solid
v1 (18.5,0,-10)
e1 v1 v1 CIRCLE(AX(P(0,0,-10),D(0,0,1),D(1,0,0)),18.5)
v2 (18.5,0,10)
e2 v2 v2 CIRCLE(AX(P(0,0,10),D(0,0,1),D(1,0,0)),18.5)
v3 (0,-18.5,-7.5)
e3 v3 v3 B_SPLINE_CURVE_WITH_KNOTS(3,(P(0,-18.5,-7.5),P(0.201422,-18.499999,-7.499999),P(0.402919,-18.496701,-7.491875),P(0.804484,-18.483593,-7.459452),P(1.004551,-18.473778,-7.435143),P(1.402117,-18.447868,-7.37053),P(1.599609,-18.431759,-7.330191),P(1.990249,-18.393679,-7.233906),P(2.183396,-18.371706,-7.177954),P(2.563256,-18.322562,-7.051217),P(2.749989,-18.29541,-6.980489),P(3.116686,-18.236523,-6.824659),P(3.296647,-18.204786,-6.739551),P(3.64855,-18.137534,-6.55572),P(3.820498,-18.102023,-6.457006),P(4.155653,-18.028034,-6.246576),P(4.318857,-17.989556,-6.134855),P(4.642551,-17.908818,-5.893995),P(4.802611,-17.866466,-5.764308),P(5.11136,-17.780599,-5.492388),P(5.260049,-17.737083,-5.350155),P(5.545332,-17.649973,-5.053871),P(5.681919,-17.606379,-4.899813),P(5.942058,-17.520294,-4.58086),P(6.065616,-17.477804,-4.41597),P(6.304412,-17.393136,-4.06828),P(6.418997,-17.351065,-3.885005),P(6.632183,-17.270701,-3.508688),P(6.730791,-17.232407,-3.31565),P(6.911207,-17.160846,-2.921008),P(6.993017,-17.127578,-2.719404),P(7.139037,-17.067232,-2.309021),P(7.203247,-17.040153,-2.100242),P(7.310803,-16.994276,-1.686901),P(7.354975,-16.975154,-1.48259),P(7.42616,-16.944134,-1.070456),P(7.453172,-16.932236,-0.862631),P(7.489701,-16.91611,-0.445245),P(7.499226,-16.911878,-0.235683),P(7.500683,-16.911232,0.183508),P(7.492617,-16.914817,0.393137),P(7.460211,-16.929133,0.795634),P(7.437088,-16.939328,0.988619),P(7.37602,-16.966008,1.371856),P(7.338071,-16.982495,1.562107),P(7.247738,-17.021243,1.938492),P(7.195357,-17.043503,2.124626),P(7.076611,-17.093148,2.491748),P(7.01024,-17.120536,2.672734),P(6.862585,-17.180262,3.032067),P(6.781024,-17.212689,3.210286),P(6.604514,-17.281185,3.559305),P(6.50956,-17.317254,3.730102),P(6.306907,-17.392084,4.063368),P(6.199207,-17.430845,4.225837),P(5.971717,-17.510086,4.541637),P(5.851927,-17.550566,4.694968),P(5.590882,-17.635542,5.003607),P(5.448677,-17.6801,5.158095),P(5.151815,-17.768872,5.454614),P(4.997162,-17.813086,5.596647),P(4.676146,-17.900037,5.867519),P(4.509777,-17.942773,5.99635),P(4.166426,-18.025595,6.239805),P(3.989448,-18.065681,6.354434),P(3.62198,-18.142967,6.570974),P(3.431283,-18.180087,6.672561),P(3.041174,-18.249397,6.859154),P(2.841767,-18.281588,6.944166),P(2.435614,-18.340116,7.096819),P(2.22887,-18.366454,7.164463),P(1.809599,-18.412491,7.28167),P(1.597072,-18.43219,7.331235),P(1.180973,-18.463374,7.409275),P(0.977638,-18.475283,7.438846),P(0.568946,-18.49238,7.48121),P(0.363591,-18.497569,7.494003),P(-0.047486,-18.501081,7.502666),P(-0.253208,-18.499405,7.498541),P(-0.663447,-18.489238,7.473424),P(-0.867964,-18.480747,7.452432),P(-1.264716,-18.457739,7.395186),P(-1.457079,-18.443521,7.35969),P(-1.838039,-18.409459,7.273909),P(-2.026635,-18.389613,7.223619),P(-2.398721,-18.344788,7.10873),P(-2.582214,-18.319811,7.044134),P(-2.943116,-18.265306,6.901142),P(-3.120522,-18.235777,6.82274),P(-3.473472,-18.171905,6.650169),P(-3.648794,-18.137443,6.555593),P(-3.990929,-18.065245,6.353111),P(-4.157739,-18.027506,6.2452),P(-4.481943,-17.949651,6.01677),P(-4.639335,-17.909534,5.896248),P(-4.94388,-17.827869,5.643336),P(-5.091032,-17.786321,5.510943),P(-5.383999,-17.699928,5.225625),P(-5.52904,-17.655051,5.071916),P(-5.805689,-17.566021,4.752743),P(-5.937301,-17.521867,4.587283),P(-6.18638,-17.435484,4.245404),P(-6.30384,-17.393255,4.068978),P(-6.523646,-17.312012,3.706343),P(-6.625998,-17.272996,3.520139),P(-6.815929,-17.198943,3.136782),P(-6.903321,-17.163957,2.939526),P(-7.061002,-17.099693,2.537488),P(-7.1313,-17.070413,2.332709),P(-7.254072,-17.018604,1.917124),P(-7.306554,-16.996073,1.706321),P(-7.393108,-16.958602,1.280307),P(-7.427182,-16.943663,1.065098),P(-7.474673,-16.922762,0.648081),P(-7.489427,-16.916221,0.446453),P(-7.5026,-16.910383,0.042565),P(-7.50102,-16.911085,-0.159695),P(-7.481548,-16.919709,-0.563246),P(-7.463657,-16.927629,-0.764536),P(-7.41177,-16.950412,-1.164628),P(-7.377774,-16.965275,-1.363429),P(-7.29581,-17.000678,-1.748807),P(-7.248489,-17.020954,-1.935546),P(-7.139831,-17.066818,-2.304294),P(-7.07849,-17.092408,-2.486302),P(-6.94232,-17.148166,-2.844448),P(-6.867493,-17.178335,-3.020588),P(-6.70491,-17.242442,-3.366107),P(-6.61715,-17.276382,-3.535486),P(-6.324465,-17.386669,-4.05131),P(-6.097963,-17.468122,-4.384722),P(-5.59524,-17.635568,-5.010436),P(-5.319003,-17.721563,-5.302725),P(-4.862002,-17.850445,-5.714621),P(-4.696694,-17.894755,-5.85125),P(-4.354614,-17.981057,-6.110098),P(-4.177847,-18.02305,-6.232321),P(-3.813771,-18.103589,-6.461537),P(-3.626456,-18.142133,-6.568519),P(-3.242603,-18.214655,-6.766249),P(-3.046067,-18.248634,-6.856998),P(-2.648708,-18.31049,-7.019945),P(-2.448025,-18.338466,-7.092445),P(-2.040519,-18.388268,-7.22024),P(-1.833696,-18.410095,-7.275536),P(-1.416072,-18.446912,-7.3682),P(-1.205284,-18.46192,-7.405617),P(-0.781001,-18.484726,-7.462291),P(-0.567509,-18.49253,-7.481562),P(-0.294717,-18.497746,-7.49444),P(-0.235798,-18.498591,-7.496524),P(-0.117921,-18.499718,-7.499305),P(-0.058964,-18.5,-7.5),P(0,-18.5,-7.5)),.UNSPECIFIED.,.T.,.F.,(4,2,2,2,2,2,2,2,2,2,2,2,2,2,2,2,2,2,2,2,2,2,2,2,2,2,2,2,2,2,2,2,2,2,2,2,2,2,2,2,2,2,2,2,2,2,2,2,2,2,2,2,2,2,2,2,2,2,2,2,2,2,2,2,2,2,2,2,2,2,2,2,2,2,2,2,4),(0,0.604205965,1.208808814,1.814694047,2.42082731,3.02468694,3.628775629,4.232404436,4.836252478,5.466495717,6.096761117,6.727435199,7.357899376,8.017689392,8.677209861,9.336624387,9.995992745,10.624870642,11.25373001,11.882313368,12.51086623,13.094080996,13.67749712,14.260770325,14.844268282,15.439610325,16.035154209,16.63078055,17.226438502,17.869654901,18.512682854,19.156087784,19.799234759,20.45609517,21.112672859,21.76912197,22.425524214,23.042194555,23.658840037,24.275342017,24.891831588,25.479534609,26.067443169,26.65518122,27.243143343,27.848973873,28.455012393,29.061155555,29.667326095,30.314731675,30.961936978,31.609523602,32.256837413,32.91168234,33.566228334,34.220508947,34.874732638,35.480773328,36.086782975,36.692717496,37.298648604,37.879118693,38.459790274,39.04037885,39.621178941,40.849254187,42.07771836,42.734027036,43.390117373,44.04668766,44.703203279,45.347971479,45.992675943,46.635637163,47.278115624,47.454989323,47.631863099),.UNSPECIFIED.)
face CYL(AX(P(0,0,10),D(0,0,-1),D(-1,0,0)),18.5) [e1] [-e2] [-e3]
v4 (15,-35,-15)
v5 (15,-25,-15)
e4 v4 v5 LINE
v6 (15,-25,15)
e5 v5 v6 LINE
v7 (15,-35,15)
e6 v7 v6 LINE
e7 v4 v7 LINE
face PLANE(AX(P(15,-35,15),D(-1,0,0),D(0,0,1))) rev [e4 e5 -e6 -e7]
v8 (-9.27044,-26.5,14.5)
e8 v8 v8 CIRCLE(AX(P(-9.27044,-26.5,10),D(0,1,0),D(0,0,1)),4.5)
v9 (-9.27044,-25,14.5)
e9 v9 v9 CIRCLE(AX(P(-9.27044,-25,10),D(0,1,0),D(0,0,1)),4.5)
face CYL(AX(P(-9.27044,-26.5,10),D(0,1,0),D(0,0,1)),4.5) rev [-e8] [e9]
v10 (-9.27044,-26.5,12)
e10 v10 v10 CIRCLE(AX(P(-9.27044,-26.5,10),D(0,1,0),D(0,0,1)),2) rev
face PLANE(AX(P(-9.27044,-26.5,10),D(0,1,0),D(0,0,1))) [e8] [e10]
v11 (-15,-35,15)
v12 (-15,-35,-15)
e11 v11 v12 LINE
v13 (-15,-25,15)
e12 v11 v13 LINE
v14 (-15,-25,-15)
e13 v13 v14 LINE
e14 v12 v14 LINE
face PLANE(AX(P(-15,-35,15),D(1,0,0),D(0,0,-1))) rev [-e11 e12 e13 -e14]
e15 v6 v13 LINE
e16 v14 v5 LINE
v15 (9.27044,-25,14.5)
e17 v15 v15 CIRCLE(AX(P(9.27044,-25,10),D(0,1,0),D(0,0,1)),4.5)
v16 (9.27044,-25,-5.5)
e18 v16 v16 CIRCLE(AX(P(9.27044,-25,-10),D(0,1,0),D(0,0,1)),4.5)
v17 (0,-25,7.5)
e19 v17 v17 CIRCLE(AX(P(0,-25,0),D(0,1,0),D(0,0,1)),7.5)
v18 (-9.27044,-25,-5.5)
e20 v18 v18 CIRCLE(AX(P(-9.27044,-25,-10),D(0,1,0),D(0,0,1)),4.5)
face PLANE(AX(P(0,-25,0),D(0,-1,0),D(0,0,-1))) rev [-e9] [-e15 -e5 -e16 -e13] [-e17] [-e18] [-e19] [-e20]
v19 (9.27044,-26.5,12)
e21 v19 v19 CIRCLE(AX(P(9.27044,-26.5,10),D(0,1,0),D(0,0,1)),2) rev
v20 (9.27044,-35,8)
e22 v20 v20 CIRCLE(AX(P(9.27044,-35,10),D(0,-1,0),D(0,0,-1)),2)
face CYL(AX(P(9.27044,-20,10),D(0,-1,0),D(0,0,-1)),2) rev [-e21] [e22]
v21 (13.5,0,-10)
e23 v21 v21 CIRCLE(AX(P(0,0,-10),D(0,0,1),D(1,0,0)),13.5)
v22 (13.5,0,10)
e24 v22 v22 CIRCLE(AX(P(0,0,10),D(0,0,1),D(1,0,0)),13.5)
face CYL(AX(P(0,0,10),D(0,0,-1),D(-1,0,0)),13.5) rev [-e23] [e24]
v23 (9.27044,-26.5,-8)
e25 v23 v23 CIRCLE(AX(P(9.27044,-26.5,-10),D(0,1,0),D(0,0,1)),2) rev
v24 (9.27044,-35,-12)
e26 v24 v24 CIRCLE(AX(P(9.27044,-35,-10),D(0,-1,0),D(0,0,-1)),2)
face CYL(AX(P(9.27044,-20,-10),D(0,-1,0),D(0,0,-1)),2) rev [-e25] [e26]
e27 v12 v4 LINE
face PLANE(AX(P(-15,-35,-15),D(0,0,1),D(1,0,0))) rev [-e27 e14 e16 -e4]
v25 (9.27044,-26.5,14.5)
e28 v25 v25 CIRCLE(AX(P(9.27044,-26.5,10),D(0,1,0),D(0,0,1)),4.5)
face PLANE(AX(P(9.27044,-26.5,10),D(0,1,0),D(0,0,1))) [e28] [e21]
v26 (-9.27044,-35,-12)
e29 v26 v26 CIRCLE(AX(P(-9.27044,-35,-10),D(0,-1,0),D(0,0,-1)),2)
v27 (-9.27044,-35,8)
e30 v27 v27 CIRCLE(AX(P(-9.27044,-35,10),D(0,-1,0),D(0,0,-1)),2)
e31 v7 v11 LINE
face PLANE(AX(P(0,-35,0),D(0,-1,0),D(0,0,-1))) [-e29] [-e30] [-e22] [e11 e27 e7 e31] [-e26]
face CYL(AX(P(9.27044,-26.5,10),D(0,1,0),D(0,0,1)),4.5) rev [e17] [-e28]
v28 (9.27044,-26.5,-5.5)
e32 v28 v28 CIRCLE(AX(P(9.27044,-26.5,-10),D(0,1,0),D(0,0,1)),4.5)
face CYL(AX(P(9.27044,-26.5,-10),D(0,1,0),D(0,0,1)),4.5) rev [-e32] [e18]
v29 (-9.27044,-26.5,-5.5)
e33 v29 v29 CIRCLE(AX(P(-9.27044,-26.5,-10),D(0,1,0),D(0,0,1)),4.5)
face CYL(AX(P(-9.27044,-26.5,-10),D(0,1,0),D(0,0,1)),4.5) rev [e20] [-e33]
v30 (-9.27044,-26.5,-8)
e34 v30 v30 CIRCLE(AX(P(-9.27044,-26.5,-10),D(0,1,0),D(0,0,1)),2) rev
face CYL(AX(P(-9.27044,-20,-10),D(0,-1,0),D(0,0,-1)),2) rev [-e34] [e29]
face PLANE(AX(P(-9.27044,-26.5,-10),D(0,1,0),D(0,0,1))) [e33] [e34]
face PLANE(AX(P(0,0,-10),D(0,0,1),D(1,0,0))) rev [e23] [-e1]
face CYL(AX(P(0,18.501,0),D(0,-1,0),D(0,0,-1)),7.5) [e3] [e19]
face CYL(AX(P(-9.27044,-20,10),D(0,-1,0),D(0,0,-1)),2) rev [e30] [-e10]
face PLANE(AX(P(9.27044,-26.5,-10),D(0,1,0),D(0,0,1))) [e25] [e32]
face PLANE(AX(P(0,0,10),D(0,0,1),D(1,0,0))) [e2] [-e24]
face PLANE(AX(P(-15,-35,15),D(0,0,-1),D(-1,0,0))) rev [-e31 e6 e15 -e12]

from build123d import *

# Parameters (mm, degrees)
SKETCH_1_R           = 18.5
SKETCH_1_R_2         = 13.5
EXTRUDE_1_DEPTH      = 10
EXTRUDE_2_REACH      = 50.317
EXTRUDE_2_END_RADIUS = 18.5
SKETCH_2_R           = 7.5
SKETCH_3_W           = 30
SKETCH_3_H           = 30
EXTRUDE_3_DEPTH      = 10
SKETCH_4_R           = 2
CUT_EXTRUDE_1_DEPTH  = 15
SKETCH_5_R           = 4.5
CUT_EXTRUDE_2_DEPTH  = 1.5


with BuildPart() as part:
    # 草图1 → 凸台-拉伸1 (new, symmetric)
    with BuildSketch(Plane.XY):
        Circle(SKETCH_1_R)
        Circle(SKETCH_1_R_2, mode=Mode.SUBTRACT)
    extrude(amount=EXTRUDE_1_DEPTH, both=True)

    # 凸台-拉伸2: up to this cylinder (the profile starts outside it)
    extrude_2_end = Plane(origin=(0, 0, 0), z_dir=(0, 0, -1)) * Cylinder(EXTRUDE_2_END_RADIUS, 138.634, mode=Mode.PRIVATE)
    # 草图2 → 凸台-拉伸2 (add, up to the surface)
    with BuildSketch(Plane(origin=(0, -25, 0), x_dir=(1, 0, 0), z_dir=(0, 1, 0)), mode=Mode.PRIVATE) as extrude_2_sk1:
        with Locations(Location((0, 0, 0), (0, 0, 90))):
            Circle(SKETCH_2_R)
    extrude_2_tool1 = extrude(extrude_2_sk1.sketch, amount=EXTRUDE_2_REACH, mode=Mode.PRIVATE) - extrude_2_end
    add(extrude_2_tool1.solids().sort_by_distance((0, -25, 0))[0])

    # 草图3 → 凸台-拉伸3 (add)
    with BuildSketch(Plane.XZ.offset(25)):
        Rectangle(SKETCH_3_W, SKETCH_3_H)
    extrude(amount=EXTRUDE_3_DEPTH)

    # 草图4 → 切除-拉伸1 (cut)
    with BuildSketch(Plane.XZ.offset(35)):
        with Locations(Location((-9.270440252, 10, 0), (0, 0, 270))):
            Circle(SKETCH_4_R)
        with Locations(Location((9.270440252, 10, 0), (0, 0, 270))):
            Circle(SKETCH_4_R)
        with Locations(Location((-9.270440252, -10, 0), (0, 0, 270))):
            Circle(SKETCH_4_R)
        with Locations(Location((9.270440252, -10, 0), (0, 0, 270))):
            Circle(SKETCH_4_R)
    extrude(amount=-CUT_EXTRUDE_1_DEPTH, mode=Mode.SUBTRACT)

    # 草图5 → 切除-拉伸2 (cut)
    with BuildSketch(Plane(origin=(0, -25, 0), x_dir=(1, 0, 0), z_dir=(0, 1, 0))):
        with Locations(Location((-9.270440252, -10, 0), (0, 0, 270))):
            Circle(SKETCH_5_R)
        with Locations(Location((9.270440252, -10, 0), (0, 0, 270))):
            Circle(SKETCH_5_R)
        with Locations(Location((9.270440252, 10, 0), (0, 0, 270))):
            Circle(SKETCH_5_R)
        with Locations(Location((-9.270440252, 10, 0), (0, 0, 270))):
            Circle(SKETCH_5_R)
    extrude(amount=-CUT_EXTRUDE_2_DEPTH, mode=Mode.SUBTRACT)


solid = part.part
